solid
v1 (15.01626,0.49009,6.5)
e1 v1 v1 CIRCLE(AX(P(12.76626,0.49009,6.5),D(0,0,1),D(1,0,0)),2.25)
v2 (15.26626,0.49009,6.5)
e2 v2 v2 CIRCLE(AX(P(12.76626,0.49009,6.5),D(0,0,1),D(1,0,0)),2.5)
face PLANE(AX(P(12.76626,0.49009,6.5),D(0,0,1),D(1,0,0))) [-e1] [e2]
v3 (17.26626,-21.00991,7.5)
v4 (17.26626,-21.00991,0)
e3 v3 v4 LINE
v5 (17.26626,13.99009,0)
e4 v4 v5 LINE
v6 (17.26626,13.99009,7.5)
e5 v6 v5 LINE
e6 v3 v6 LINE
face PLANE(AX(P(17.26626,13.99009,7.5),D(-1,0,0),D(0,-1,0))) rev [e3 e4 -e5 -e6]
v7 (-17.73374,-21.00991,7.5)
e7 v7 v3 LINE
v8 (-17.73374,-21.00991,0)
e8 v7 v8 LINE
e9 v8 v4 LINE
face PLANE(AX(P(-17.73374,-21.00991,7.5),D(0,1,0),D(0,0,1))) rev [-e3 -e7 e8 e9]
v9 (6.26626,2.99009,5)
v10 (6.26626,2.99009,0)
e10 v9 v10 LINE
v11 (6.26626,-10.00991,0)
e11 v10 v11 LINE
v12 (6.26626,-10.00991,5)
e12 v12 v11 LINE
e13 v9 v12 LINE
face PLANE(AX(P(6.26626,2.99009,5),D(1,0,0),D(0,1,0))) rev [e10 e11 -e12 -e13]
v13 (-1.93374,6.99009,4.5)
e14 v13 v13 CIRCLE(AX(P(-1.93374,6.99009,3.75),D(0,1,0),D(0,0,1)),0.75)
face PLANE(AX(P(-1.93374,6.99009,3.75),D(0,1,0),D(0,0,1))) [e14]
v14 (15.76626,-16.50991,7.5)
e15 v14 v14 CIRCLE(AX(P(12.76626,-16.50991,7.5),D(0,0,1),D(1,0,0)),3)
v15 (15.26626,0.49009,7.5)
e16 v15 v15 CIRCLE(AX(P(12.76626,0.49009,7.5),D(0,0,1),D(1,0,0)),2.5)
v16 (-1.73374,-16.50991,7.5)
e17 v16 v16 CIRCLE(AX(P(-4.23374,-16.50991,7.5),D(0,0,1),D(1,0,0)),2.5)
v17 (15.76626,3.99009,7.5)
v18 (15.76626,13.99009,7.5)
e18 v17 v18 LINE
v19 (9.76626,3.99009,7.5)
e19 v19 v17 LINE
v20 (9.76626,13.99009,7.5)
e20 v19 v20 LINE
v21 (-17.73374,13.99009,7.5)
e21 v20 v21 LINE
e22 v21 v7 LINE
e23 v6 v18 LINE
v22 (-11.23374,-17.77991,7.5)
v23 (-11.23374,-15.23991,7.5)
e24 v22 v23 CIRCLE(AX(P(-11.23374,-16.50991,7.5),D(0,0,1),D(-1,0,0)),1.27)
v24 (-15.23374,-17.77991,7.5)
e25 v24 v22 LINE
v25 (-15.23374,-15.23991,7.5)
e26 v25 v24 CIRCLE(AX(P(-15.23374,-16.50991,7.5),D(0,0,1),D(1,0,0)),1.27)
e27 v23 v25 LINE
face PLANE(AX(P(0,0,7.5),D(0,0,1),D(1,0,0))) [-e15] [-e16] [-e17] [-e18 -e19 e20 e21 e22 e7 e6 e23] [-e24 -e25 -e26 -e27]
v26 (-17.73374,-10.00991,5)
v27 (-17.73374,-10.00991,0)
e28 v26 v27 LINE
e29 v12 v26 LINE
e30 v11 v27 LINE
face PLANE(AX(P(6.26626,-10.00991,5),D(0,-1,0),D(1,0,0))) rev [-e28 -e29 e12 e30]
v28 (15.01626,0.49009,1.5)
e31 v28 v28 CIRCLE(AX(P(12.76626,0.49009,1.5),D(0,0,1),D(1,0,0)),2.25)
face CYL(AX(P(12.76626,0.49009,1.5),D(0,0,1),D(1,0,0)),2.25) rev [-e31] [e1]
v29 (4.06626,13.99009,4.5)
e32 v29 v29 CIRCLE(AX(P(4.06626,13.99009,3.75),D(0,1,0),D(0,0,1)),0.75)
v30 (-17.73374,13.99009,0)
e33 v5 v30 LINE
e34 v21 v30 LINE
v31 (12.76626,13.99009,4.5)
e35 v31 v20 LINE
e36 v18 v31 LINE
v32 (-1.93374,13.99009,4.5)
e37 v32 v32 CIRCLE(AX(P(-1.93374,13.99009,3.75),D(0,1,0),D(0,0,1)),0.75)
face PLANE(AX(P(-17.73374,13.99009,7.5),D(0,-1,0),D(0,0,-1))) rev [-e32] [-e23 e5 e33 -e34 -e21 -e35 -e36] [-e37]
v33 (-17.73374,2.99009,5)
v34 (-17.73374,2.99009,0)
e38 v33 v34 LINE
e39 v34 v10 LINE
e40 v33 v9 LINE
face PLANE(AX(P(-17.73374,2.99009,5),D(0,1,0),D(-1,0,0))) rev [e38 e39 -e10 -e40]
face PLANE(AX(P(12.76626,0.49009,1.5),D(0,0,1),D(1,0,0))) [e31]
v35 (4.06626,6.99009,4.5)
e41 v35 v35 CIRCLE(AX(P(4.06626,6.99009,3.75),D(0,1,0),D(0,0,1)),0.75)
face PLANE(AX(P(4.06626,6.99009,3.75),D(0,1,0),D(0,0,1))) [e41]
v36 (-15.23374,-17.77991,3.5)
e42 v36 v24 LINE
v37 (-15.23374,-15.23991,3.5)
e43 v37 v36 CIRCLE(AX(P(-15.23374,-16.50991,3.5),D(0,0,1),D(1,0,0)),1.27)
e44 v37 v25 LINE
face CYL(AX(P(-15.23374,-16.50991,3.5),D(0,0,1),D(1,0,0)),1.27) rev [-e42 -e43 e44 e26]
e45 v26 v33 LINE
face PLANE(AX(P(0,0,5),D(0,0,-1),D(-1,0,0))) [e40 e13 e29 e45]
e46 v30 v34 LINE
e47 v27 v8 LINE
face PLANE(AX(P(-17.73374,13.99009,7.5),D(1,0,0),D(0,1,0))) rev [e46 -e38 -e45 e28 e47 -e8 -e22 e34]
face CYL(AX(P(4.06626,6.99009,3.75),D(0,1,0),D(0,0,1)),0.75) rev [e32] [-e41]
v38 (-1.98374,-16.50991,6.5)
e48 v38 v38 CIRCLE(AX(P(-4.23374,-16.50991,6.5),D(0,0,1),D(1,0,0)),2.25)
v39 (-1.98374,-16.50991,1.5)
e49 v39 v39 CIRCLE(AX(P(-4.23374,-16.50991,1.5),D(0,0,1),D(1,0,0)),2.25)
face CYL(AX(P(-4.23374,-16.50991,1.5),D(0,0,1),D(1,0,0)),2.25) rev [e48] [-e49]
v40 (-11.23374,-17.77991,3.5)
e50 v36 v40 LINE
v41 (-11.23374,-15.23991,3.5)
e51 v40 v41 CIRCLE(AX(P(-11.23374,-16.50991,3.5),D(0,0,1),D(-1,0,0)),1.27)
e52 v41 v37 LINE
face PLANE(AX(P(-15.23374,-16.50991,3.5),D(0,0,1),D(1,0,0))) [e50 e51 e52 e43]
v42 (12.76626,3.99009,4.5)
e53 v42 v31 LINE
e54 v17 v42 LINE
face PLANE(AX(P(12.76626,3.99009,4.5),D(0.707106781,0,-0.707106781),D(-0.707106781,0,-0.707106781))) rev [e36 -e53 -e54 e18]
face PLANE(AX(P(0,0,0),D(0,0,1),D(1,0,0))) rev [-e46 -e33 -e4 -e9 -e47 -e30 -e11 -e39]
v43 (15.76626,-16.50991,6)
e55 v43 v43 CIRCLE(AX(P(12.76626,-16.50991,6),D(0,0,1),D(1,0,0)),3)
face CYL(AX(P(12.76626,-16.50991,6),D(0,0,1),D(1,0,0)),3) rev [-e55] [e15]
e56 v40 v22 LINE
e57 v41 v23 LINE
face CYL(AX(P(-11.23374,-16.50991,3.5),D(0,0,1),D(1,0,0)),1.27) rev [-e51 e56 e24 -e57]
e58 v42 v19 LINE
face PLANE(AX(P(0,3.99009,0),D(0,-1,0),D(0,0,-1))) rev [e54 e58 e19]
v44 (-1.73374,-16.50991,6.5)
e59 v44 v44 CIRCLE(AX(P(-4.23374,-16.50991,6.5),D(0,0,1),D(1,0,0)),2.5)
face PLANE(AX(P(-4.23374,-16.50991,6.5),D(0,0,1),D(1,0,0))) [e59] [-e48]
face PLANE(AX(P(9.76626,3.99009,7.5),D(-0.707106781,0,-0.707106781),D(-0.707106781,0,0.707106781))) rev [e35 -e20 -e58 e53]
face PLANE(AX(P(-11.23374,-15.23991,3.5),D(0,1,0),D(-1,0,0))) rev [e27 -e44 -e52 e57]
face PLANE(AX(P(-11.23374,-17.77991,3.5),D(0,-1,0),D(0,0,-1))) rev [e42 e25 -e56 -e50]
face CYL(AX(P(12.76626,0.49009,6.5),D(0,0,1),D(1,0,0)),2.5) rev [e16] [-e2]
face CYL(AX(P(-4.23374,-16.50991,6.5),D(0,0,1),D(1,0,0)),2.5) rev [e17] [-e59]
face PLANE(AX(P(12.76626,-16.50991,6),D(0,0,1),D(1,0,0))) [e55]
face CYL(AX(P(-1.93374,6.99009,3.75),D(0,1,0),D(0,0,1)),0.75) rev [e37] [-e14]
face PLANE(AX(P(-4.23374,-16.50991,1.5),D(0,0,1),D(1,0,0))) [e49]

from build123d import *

# Parameters (mm, degrees)
SKETCH1_W           = 35
SKETCH1_H           = 35
BOSS_EXTRUDE1_DEPTH = 7.5
SKETCH2_W           = 24
SKETCH2_H           = 13
CUT_EXTRUDE2_DEPTH  = 5
SKETCH10_R          = 0.75
CUT_EXTRUDE7_DEPTH  = 7
SKETCH5_R           = 2.5
CUT_EXTRUDE11_DEPTH = 1
SKETCH11_R          = 2.25
CUT_EXTRUDE12_DEPTH = 5
CUT_EXTRUDE13_DEPTH = 10
CUT_EXTRUDE14_DEPTH = 10
CUT_EXTRUDE15_DEPTH = 4
BOSS_EXTRUDE2_DEPTH = 10
SKETCH17_R          = 3
CUT_EXTRUDE16_DEPTH = 1.5


with BuildPart() as part:
    # Sketch1 → Boss-Extrude1 (new body)
    with BuildSketch(Plane.XY):
        with Locations((-0.233740073, -3.509910016)):
            Rectangle(SKETCH1_W, SKETCH1_H)
    extrude(amount=BOSS_EXTRUDE1_DEPTH)

    # Sketch2 → Cut-Extrude2 (cut)
    with BuildSketch(Plane(origin=(0, 0, 0), x_dir=(-1, 0, 0), z_dir=(0, 0, -1))):
        with Locations((5.733740073, -3.509910016)):
            Rectangle(SKETCH2_W, SKETCH2_H)
    extrude(amount=-CUT_EXTRUDE2_DEPTH, mode=Mode.SUBTRACT)

    # Sketch10 → Cut-Extrude7 (cut)
    with BuildSketch(Plane(origin=(0, 13.990089984, 0), x_dir=(1, 0, 0), z_dir=(0, 1, 0))):
        with Locations((4.066259927, -3.75)):
            Circle(SKETCH10_R)
        with Locations((-1.933740073, -3.75)):
            Circle(SKETCH10_R)
    extrude(amount=-CUT_EXTRUDE7_DEPTH, mode=Mode.SUBTRACT)

    # Sketch5 → Cut-Extrude11 (cut)
    with BuildSketch(Plane.XY.offset(7.5)):
        with Locations((12.766259927, 0.490089984)):
            Circle(SKETCH5_R)
        with Locations((-4.233740073, -16.509910016)):
            Circle(SKETCH5_R)
    extrude(amount=-CUT_EXTRUDE11_DEPTH, mode=Mode.SUBTRACT)

    # Sketch11 → Cut-Extrude12 (cut)
    with BuildSketch(Plane.XY.offset(6.5)):
        with Locations((-4.233740073, -16.509910016)):
            Circle(SKETCH11_R)
        with Locations((12.766259927, 0.490089984)):
            Circle(SKETCH11_R)
    extrude(amount=-CUT_EXTRUDE12_DEPTH, mode=Mode.SUBTRACT)

    # Sketch13 → Cut-Extrude13 (cut)
    with BuildSketch(Plane.XZ.offset(21.009910016)):
        Polygon((9.766259927, 7.5), (12.766259927, 4.5), (15.766259927, 7.5), align=None)
    extrude(amount=-CUT_EXTRUDE13_DEPTH, mode=Mode.SUBTRACT)

    # Sketch15 → Cut-Extrude14 (cut)
    with BuildSketch(Plane(origin=(0, 13.990089984, 0), x_dir=(1, 0, 0), z_dir=(0, 1, 0))):
        Polygon((9.766259927, -7.5), (12.766259927, -4.5), (15.766259927, -7.5), align=None)
    extrude(amount=-CUT_EXTRUDE14_DEPTH, mode=Mode.SUBTRACT)

    # Sketch4 → Cut-Extrude15 (cut)
    with BuildSketch(Plane.XY.offset(7.5)):
        with BuildLine():
            Line((-11.233740073, -15.239910016), (-15.233740073, -15.239910016))
            ThreePointArc((-15.233740073, -15.239910016), (-16.503740073, -16.509910016), (-15.233740073, -17.779910016))
            Line((-15.233740073, -17.779910016), (-11.233740073, -17.779910016))
            ThreePointArc((-11.233740073, -17.779910016), (-9.963740073, -16.509910016), (-11.233740073, -15.239910016))
        make_face()
    extrude(amount=-CUT_EXTRUDE15_DEPTH, mode=Mode.SUBTRACT)

    # Sketch16 → Boss-Extrude2 (add)
    with BuildSketch(Plane(origin=(0, -11.009910016, 0), x_dir=(-1, 0, 0), z_dir=(0, -1, 0))):
        Polygon((-9.766259927, -7.5), (-15.766259927, -7.5), (-12.766259927, -4.5), align=None)
    extrude(amount=BOSS_EXTRUDE2_DEPTH)

    # Sketch17 → Cut-Extrude16 (cut)
    with BuildSketch(Plane.XY.offset(7.5)):
        with Locations((12.766259927, -16.509910016)):
            Circle(SKETCH17_R)
    extrude(amount=-CUT_EXTRUDE16_DEPTH, mode=Mode.SUBTRACT)


solid = part.part
